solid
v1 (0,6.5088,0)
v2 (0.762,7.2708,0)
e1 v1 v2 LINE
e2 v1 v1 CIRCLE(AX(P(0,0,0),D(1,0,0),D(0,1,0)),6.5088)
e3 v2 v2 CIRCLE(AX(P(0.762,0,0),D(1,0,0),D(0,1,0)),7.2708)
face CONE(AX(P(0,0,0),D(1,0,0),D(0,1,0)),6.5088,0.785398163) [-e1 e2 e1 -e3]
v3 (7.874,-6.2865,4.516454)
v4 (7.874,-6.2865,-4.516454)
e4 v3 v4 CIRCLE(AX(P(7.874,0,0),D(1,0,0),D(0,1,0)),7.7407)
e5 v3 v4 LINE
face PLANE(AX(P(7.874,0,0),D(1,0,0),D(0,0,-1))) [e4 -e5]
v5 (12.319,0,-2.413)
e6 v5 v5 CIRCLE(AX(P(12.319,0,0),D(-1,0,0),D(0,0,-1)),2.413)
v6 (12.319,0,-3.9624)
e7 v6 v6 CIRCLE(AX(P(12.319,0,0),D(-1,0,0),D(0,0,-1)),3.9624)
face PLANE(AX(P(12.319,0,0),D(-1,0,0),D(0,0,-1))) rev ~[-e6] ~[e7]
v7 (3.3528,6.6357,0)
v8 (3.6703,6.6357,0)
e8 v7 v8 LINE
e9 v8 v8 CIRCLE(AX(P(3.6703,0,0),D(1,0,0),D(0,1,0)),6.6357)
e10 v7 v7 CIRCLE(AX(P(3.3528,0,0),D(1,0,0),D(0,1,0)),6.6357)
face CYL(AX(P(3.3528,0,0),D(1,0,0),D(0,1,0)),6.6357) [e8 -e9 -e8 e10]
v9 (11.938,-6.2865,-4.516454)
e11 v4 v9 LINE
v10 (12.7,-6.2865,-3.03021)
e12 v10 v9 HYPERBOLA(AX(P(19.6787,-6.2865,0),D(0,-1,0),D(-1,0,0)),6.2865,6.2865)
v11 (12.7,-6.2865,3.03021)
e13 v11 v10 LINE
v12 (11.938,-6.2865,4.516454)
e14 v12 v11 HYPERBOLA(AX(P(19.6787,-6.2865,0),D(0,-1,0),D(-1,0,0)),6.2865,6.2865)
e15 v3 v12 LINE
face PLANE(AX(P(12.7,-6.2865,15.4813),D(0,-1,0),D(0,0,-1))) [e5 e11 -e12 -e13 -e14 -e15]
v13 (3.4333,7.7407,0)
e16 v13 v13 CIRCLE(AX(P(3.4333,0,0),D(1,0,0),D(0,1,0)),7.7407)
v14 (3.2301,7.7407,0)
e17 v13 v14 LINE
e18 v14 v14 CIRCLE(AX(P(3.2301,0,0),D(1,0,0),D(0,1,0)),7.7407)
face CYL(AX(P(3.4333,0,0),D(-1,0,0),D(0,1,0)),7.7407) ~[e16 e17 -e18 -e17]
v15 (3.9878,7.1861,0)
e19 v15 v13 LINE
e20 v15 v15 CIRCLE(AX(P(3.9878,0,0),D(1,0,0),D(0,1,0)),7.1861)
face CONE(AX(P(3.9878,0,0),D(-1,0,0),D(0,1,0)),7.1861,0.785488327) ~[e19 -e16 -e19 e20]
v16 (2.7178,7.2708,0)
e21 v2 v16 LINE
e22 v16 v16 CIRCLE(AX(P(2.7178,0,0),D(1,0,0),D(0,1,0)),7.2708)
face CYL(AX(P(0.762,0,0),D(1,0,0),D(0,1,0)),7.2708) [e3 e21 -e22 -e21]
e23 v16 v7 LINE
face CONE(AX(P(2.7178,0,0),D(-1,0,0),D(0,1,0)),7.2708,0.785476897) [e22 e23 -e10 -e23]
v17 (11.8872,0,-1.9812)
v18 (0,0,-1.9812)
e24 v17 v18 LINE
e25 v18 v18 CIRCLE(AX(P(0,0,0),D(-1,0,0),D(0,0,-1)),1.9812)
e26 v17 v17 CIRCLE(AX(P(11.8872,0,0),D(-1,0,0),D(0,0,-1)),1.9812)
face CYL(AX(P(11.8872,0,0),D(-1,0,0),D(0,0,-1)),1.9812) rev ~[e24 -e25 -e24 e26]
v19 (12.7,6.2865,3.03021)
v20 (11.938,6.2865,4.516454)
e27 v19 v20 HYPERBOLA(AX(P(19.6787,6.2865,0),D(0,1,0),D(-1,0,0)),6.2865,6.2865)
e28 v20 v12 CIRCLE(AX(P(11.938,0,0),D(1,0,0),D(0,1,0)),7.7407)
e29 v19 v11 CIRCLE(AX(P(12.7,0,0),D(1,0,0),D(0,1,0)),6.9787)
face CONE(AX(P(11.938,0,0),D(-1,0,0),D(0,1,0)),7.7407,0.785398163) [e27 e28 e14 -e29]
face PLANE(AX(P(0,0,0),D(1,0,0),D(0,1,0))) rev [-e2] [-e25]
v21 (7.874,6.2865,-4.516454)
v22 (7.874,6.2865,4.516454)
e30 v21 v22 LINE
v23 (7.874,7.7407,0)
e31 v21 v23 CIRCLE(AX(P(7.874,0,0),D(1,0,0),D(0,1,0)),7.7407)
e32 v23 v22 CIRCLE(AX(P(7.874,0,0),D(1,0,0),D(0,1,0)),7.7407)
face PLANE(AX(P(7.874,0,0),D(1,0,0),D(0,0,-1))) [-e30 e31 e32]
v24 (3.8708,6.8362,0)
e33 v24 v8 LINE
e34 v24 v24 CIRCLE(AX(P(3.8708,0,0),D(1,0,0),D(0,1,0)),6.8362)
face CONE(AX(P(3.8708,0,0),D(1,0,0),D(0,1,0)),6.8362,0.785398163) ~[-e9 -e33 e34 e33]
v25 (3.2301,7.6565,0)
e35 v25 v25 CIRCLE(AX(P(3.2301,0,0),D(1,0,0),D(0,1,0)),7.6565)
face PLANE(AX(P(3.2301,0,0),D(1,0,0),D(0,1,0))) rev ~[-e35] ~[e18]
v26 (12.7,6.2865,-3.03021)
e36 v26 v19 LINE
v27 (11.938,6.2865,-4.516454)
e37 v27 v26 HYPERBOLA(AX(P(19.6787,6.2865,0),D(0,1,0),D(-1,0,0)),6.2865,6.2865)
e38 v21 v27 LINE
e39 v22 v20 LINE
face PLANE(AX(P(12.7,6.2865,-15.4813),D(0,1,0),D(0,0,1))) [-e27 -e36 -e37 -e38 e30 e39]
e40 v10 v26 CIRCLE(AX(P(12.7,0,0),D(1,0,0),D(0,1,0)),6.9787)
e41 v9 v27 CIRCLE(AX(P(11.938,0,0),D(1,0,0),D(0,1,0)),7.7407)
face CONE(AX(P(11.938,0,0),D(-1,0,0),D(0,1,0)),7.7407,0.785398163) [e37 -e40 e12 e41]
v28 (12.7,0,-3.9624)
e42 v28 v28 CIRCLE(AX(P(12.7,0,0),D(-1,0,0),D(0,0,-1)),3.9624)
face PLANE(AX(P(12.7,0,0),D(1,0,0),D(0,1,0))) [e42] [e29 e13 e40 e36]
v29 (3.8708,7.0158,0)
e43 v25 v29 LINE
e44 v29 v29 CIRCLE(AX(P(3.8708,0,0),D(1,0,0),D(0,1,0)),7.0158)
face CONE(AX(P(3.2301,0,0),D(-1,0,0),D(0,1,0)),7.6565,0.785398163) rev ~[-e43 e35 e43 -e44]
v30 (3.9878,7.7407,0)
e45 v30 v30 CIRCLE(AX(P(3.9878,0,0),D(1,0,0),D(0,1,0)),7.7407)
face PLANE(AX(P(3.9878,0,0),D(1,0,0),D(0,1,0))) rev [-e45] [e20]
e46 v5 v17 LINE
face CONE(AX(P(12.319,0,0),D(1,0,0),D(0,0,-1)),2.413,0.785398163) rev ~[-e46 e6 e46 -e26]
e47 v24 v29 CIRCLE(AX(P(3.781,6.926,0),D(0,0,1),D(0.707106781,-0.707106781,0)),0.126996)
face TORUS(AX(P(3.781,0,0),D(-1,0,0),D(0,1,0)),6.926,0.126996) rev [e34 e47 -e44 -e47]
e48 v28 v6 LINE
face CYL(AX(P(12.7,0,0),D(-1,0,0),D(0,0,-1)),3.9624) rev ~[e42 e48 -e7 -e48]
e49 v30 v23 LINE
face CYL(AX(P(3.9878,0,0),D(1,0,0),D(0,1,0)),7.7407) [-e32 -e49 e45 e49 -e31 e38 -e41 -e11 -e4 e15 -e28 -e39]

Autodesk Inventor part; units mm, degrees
sketch "Sketch_1" plane through (0, 0, 0) normal (0, 0, 1) x (1, 0, 0)
  line L0 (12.7, 0) -> (0, 0)
  line L1 (0, 0) -> (0, 6.5088)
  line L2 (0, 6.5088) -> (0.762, 7.2708)
  line L3 (0.762, 7.2708) -> (2.7178, 7.2708)
  line L4 (2.7178, 7.2708) -> (3.3528, 6.6357)
  line L5 (3.3528, 6.6357) -> (3.9878, 6.6357)
  line L6 (3.9878, 6.6357) -> (3.9878, 7.7407)
  line L7 (3.9878, 7.7407) -> (11.938, 7.7407)
  line L8 (11.938, 7.7407) -> (12.7, 6.9787)
  line L9 (12.7, 6.9787) -> (12.7, 0)
  line L10 (12.7, 0) -> (0, 0)
revolve "Revolution1" add sketch "Sketch_1" angle 360 about axis through (12.7, 0, 0) along (1, 0, 0)
sketch "Sketch2" plane through (12.7, 0, 0) normal (1, 0, 0) x (0, 0, -1)
  point P0 (0, 0)
hole "Drilling 1" at (12.7, 0, 0) direction (-1, 0, 0) diameter 7.9248 depth 0.381
sketch "Sketch3" plane through (12.319, 0, 0) normal (1, 0, 0) x (0, 0, -1)
  point P0 (0, 0)
hole "Drilling 2" at (12.319, 0, 0) direction (-1, 0, 0) diameter 3.9624 depth 12.319 countersink diameter 4.826 countersink angle 90 thread size "10-32 UNF" class "2B" standard "ANSI Unified Screw Threads"
sketch "Sketch_5" plane through (12.7, 0, 0) normal (1, 0, 0) x (0, 0, -1)
  line L0 (-30.9626, 15.4813) -> (-30.9626, -15.4813)
  line L1 (-30.9626, -15.4813) -> (30.9626, -15.4813)
  line L2 (30.9626, -15.4813) -> (30.9626, 15.4813)
  line L3 (30.9626, 15.4813) -> (-30.9626, 15.4813)
  line L4 (-15.4813, 6.2865) -> (-15.4813, -6.2865)
  line L5 (-15.4813, -6.2865) -> (15.4813, -6.2865)
  line L6 (15.4813, -6.2865) -> (15.4813, 6.2865)
  line L7 (15.4813, 6.2865) -> (-15.4813, 6.2865)
extrude "Extrusion1" cut sketch "Sketch_5" against normal blind 4.826
sketch "Sketch_24" plane through (0, 0, 0) normal (0, 0, 1) x (1, 0, 0)
  line L0 (3.9878, 0) -> (3.3528, 0)
  line L1 (3.2301, 7.6565) -> (3.8708, 7.0158)
  arc A0 (3.8708, 6.8362) -> (3.8708, 7.0158) centre (3.781, 6.926) ccw
  line L2 (3.8708, 6.8362) -> (3.6703, 6.6357)
  line L3 (3.6703, 6.6357) -> (3.3528, 6.6357)
  line L4 (3.3528, 6.6357) -> (3.3528, 6.3818)
  line L5 (3.3528, 6.3818) -> (3.9878, 6.3818)
  line L6 (3.9878, 6.3818) -> (3.9878, 7.1861)
  line L7 (3.9878, 7.1861) -> (3.4333, 7.7407)
  line L8 (3.4333, 7.7407) -> (3.2301, 7.7407)
  line L9 (3.2301, 7.7407) -> (3.2301, 7.6565)
revolve "Revolution2" add sketch "Sketch_24" angle 360 about axis through (3.9878, 0, 0) along (1, 0, 0)
ref_plane "cut1_XY" through (12.7, 6.2865, 0) normal (1, 0, 0) x (0, 0, -1)
ref_plane "cut1_YZ" through (12.7, 6.2865, 0) normal (0, 0, -1) x (0, 1, 0)
ref_plane "cut1_ZX" through (12.7, 6.2865, 0) normal (0, 1, 0) x (1, 0, 0)
ref_plane "cut2_XY" through (12.7, -6.2865, 0) normal (1, 0, 0) x (0, 0, -1)
ref_plane "cut2_YZ" through (12.7, -6.2865, 0) normal (0, 0, -1) x (0, 1, 0)
ref_plane "cut2_ZX" through (12.7, -6.2865, 0) normal (0, 1, 0) x (1, 0, 0)
ref_plane "to_tube_XY" through (3.3528, 0, 0) normal (1, 0, 0) x (0, 0, -1)
ref_plane "to_tube_YZ" through (3.3528, 0, 0) normal (0, 0, -1) x (0, 1, 0)
ref_plane "to_tube_ZX" through (3.3528, 0, 0) normal (0, 1, 0) x (1, 0, 0)
ref_plane "lovra_XY" through (12.7, 0, 0) normal (1, 0, 0) x (0, 1, 0)
ref_plane "lovra_YZ" through (12.7, 0, 0) normal (0, 1, 0) x (0, 0, 1)
ref_plane "lovra_ZX" through (12.7, 0, 0) normal (0, 0, 1) x (1, 0, 0)
ref_plane "to_nut_XY" through (0, 0, 0) normal (1, 0, 0) x (0, 0, -1)
ref_plane "to_nut_YZ" through (0, 0, 0) normal (0, 0, -1) x (0, 1, 0)
ref_plane "to_nut_ZX" through (0, 0, 0) normal (0, 1, 0) x (1, 0, 0)
ref_plane "lovra1_XY" through (7.874, 0, 0) normal (1, 0, 0) x (0, 0, -1)
ref_plane "lovra1_YZ" through (7.874, 0, 0) normal (0, 0, -1) x (0, 1, 0)
ref_plane "lovra1_ZX" through (7.874, 0, 0) normal (0, 1, 0) x (1, 0, 0)
ref_plane "lovra2_XY" through (7.874, 6.2865, 0) normal (1, 0, 0) x (0, 0, -1)
ref_plane "lovra2_YZ" through (7.874, 6.2865, 0) normal (0, 0, -1) x (0, 1, 0)
ref_plane "lovra2_ZX" through (7.874, 6.2865, 0) normal (0, 1, 0) x (1, 0, 0)
ref_plane "lovra3_XY" through (7.874, -6.2865, 0) normal (1, 0, 0) x (0, 0, -1)
ref_plane "lovra3_YZ" through (7.874, -6.2865, 0) normal (0, 0, -1) x (0, 1, 0)
ref_plane "lovra3_ZX" through (7.874, -6.2865, 0) normal (0, 1, 0) x (1, 0, 0)
ref_plane "olen_XY" through (12.7, 0, 0) normal (1, 0, 0) x (0, 0, -1)
ref_plane "olen_YZ" through (12.7, 0, 0) normal (0, 0, -1) x (0, 1, 0)
ref_plane "olen_ZX" through (12.7, 0, 0) normal (0, 1, 0) x (1, 0, 0)
ref_plane "cutf1_XY" through (12.7, 7.7407, 0) normal (0, 0, 1) x (1, 0, 0)
ref_plane "cutf1_YZ" through (12.7, 7.7407, 0) normal (1, 0, 0) x (0, 1, 0)
ref_plane "cutf1_ZX" through (12.7, 7.7407, 0) normal (0, 1, 0) x (0, 0, 1)
ref_plane "cutf2_XY" through (7.874, 7.7407, 0) normal (0, 0, 1) x (1, 0, 0)
ref_plane "cutf2_YZ" through (7.874, 7.7407, 0) normal (1, 0, 0) x (0, 1, 0)
ref_plane "cutf2_ZX" through (7.874, 7.7407, 0) normal (0, 1, 0) x (0, 0, 1)
ref_plane "lovra21_XY" through (0, 0, 5.2705) normal (1, 0, 0) x (0, 0, -1)
ref_plane "lovra21_YZ" through (0, 0, 5.2705) normal (0, 0, -1) x (0, 1, 0)
ref_plane "lovra21_ZX" through (0, 0, 5.2705) normal (0, 1, 0) x (1, 0, 0)
ref_plane "lovra22_XY" through (0, 0, -5.2705) normal (1, 0, 0) x (0, 0, -1)
ref_plane "lovra22_YZ" through (0, 0, -5.2705) normal (0, 0, -1) x (0, 1, 0)
ref_plane "lovra22_ZX" through (0, 0, -5.2705) normal (0, 1, 0) x (1, 0, 0)
ref_plane "to_pin_XY" through (19.8374, 0, 0) normal (0, 0, 1) x (1, 0, 0)
ref_plane "to_pin_YZ" through (19.8374, 0, 0) normal (1, 0, 0) x (0, 1, 0)
ref_plane "to_pin_ZX" through (19.8374, 0, 0) normal (0, 1, 0) x (0, 0, 1)
ref_plane "mbr_XY" through (13.5128, 0, 0) normal (1, 0, 0) x (0, 0, -1)
ref_plane "mbr_YZ" through (13.5128, 0, 0) normal (0, 0, -1) x (0, 1, 0)
ref_plane "mbr_ZX" through (13.5128, 0, 0) normal (0, 1, 0) x (1, 0, 0)
ref_plane "to_nut1_XY" through (15.0876, 0, 0) normal (1, 0, 0) x (0, 0, -1)
ref_plane "to_nut1_YZ" through (15.0876, 0, 0) normal (0, 0, -1) x (0, 1, 0)
ref_plane "to_nut1_ZX" through (15.0876, 0, 0) normal (0, 1, 0) x (1, 0, 0)
properties part number "02R00_NR_rear_head"
